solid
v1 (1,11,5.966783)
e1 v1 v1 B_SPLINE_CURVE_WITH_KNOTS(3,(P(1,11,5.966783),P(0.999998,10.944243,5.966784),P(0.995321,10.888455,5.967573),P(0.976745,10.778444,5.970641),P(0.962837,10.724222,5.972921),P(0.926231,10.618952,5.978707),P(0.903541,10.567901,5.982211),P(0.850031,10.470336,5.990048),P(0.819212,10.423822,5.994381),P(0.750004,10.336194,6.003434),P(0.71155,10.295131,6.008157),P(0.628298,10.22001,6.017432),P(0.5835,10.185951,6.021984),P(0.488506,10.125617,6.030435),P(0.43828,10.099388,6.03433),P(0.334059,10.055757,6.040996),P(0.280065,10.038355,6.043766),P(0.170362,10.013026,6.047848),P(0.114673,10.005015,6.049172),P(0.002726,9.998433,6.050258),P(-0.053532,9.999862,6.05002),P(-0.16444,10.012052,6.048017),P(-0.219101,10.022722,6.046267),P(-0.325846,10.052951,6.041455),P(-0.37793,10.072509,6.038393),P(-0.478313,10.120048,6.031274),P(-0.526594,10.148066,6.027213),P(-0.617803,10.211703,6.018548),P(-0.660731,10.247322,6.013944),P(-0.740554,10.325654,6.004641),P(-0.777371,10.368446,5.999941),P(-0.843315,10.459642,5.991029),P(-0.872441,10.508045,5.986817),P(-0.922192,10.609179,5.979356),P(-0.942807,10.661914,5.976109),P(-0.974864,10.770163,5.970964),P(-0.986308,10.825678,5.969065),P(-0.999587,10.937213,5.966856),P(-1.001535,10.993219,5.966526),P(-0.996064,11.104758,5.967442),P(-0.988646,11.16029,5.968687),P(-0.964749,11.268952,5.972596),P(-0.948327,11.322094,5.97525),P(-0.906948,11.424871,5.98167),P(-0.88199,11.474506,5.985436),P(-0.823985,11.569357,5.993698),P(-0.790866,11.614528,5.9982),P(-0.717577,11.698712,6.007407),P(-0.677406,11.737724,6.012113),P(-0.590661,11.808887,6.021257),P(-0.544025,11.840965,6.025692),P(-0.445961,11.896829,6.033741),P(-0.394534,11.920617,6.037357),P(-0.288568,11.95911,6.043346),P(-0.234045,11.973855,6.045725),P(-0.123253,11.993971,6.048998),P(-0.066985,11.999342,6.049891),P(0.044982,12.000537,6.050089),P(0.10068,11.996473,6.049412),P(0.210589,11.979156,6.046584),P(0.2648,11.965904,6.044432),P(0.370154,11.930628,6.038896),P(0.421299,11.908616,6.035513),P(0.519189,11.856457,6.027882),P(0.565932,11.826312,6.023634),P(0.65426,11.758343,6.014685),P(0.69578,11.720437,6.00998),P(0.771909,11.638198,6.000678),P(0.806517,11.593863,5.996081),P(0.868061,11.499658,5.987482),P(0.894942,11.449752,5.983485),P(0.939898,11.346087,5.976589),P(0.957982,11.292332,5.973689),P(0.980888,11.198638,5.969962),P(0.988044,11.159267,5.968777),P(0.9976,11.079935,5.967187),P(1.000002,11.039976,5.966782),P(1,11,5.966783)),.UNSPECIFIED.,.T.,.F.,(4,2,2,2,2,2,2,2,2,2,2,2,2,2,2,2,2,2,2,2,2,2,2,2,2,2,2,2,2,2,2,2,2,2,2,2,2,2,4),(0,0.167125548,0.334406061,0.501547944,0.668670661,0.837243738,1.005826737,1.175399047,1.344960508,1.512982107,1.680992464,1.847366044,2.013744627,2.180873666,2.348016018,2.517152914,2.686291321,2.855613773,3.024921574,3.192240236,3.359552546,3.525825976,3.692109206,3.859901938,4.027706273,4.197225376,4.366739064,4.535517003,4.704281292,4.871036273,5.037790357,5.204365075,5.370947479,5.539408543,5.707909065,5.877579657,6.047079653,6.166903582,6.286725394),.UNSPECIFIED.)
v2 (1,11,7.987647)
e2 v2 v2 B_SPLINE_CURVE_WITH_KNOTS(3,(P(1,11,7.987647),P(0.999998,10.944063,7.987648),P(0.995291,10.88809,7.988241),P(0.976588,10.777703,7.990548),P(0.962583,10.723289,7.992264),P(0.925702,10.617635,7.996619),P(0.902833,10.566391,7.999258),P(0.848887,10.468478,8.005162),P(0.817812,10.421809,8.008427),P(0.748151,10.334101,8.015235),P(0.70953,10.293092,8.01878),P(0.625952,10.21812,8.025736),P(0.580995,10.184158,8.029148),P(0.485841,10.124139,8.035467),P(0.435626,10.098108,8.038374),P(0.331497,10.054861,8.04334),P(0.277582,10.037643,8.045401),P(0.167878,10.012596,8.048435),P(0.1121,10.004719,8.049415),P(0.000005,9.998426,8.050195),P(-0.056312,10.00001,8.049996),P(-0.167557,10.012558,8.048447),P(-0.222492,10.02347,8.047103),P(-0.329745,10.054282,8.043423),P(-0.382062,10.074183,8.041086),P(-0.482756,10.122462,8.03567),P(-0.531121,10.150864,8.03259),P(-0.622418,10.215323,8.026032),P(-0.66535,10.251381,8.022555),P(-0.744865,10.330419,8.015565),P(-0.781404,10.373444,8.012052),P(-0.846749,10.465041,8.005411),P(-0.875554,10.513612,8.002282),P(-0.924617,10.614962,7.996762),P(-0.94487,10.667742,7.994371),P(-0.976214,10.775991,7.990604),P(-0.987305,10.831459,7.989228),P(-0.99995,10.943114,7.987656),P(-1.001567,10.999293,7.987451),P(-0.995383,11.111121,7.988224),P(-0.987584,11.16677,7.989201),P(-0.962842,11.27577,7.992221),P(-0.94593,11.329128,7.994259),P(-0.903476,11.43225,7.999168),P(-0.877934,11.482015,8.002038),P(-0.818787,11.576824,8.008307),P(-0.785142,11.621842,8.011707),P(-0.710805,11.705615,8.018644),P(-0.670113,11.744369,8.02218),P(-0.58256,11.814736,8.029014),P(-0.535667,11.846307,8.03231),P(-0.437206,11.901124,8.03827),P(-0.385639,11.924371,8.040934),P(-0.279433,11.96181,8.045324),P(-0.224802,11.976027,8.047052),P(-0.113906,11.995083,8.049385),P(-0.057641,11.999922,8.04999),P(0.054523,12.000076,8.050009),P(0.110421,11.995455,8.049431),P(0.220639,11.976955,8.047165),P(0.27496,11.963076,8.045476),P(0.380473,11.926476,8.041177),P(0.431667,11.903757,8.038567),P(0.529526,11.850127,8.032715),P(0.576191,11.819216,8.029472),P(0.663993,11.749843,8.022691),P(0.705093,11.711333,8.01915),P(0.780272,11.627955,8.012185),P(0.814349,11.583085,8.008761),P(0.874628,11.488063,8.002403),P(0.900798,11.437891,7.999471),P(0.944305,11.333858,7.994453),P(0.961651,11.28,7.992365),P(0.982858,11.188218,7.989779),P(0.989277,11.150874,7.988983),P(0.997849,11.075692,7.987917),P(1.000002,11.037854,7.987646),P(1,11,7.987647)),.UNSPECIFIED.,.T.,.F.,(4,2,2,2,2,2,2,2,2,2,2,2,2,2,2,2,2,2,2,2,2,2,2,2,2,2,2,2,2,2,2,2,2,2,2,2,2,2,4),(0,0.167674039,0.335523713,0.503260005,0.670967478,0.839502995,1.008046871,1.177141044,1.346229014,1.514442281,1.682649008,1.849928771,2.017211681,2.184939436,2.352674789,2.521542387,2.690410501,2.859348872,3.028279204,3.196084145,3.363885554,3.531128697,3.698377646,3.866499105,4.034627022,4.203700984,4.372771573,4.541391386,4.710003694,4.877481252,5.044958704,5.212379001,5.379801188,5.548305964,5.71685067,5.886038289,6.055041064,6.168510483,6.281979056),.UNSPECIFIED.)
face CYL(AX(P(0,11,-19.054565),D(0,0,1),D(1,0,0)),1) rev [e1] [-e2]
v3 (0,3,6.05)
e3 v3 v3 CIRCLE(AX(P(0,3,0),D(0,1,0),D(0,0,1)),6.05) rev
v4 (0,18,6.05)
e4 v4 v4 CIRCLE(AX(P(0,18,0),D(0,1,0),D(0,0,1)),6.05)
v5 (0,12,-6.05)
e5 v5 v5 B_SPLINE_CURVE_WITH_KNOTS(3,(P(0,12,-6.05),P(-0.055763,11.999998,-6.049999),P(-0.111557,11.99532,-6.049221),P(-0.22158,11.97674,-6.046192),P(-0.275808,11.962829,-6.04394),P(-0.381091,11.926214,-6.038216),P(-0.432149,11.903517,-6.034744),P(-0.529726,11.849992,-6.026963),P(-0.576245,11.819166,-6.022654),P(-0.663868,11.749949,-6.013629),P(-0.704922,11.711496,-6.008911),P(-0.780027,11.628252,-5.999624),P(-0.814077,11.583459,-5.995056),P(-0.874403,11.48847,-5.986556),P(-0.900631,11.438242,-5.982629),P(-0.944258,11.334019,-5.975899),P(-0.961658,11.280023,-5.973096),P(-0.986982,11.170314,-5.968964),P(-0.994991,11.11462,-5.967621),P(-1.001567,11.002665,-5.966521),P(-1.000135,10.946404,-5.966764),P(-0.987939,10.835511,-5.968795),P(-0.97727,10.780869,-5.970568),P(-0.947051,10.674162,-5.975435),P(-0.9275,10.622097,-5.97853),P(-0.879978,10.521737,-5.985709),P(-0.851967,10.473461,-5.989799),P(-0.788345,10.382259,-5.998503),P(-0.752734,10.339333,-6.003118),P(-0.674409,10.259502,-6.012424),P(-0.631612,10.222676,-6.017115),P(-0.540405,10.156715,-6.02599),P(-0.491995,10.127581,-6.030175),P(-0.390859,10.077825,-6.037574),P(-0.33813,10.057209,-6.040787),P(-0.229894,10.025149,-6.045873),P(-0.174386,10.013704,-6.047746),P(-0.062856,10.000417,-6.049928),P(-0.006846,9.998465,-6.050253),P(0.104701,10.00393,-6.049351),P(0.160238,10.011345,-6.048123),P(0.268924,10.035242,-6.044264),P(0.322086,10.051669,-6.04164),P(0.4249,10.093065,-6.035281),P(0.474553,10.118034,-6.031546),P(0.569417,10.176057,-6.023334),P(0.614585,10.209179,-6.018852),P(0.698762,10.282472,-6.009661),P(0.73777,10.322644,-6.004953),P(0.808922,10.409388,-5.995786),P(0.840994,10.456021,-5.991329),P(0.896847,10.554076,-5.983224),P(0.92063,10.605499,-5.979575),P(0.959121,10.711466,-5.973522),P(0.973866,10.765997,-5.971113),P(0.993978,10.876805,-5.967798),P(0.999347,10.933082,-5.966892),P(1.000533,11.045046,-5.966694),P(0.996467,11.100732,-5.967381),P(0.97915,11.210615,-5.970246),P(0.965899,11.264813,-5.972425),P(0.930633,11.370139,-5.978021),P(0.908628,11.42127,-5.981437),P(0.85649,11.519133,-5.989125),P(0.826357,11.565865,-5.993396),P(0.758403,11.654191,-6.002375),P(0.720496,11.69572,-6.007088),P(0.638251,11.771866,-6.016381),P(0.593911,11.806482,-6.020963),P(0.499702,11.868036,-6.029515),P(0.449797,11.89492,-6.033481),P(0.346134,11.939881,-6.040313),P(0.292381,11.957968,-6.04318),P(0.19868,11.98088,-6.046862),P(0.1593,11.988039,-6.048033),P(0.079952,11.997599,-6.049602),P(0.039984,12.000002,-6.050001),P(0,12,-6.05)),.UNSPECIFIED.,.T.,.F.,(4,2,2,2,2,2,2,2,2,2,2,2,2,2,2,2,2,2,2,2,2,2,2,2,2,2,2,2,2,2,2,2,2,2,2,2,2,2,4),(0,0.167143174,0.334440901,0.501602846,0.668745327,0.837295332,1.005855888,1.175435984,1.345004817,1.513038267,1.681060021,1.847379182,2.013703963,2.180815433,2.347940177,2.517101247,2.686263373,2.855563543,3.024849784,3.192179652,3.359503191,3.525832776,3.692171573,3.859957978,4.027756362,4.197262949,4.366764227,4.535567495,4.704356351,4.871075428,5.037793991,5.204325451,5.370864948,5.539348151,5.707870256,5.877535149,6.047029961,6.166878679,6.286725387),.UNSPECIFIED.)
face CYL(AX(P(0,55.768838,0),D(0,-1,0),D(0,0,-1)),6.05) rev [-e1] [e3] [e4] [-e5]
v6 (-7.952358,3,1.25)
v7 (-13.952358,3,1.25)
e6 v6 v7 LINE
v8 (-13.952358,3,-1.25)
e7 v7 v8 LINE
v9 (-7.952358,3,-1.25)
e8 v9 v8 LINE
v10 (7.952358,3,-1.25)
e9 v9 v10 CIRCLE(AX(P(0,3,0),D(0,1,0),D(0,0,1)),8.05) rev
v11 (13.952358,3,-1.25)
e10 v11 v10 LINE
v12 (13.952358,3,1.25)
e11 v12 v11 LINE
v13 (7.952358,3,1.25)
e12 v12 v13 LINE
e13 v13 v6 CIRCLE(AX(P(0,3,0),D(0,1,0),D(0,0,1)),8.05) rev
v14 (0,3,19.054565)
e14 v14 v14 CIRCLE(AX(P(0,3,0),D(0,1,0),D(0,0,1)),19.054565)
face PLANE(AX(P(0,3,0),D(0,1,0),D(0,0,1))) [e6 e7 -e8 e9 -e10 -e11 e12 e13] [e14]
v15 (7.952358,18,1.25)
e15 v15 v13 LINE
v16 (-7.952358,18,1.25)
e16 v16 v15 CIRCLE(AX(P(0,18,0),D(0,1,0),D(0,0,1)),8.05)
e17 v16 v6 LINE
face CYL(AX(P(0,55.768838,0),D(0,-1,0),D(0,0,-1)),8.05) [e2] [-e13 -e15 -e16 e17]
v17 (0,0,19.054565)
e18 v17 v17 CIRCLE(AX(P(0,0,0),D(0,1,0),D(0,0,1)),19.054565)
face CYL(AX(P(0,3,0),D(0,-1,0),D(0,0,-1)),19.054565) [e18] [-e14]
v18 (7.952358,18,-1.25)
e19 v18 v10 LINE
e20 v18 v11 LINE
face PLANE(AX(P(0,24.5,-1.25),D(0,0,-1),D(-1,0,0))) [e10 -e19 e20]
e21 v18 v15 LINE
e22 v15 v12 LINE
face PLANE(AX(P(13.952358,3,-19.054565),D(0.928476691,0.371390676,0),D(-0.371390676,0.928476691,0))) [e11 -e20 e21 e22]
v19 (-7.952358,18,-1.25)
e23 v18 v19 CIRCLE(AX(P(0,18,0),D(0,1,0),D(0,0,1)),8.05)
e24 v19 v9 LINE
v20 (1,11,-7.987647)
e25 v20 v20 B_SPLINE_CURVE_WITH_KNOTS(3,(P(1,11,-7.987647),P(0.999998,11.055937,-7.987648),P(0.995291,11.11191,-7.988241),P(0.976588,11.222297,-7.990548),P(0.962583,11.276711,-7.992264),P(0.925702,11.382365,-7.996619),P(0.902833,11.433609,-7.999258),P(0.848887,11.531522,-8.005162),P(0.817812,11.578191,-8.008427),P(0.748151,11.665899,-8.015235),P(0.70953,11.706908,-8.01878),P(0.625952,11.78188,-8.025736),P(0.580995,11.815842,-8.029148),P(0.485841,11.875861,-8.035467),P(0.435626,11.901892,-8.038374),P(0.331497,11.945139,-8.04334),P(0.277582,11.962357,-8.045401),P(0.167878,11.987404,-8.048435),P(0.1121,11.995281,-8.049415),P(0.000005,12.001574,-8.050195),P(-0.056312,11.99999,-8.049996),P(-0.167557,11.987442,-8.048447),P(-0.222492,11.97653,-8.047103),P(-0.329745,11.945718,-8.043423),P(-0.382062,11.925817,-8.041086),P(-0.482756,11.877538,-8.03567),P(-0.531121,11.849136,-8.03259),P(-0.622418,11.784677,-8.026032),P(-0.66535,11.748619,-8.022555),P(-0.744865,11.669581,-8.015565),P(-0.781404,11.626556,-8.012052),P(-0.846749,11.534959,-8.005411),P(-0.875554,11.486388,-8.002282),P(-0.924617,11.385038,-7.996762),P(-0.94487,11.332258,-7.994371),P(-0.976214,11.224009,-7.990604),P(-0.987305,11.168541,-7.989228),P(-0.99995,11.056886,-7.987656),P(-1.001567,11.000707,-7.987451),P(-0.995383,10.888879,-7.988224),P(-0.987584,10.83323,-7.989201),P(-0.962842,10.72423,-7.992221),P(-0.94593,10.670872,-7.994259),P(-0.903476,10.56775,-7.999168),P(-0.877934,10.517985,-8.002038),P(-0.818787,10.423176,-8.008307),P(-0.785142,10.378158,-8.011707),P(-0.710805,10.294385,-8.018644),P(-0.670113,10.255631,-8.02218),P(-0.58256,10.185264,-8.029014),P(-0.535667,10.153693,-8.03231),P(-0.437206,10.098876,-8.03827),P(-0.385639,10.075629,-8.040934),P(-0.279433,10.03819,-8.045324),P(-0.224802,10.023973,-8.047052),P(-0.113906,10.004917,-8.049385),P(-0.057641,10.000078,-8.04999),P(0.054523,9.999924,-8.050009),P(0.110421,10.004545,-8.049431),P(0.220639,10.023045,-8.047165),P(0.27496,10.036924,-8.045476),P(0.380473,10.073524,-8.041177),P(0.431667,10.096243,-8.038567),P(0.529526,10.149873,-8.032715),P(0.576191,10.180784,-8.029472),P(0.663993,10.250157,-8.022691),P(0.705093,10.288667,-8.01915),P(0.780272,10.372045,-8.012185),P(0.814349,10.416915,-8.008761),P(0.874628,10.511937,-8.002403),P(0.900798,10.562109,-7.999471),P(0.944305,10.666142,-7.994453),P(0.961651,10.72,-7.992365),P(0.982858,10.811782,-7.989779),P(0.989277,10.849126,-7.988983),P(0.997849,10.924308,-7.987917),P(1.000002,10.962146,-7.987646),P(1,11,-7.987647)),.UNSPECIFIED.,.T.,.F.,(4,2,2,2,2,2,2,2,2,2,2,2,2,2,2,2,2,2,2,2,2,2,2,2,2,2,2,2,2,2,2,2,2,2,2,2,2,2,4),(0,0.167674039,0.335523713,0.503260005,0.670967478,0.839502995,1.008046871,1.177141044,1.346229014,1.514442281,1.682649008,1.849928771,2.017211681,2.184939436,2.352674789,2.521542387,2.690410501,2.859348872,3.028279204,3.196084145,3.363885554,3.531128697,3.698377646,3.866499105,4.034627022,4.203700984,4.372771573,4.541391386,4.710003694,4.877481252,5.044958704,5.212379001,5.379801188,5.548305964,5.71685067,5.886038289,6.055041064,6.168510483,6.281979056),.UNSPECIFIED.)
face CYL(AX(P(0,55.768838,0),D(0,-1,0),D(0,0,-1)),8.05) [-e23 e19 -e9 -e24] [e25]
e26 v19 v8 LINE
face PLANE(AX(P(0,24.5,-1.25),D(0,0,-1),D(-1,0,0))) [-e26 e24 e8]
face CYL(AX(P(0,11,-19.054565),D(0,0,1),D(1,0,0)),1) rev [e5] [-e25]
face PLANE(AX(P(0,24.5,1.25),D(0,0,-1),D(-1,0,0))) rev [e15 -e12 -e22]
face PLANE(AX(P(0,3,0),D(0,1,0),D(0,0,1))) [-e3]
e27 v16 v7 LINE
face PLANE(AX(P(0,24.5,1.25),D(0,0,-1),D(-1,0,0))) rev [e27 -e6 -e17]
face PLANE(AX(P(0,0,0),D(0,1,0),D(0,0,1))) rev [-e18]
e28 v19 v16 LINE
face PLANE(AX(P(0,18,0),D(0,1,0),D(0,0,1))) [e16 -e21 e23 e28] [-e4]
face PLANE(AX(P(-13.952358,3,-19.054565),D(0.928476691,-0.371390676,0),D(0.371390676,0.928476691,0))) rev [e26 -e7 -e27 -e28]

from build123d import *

# Parameters (mm, degrees)
IZIM1_R                      = 19.054564863
Y_KSEKLIK_EKSTR_ZYON1_DEPTH  = 3
IZIM1_3_R                    = 8.05
IZIM1_3_R_2                  = 6.05
Y_KSEKLIK_EKSTR_ZYON2_DEPTH  = 18
Y_KSEKLIK_EKSTR_ZYON10_DEPTH = 18
KES_EKSTR_ZYON1_DEPTH        = 20.054564863
KES_EKSTR_ZYON1_DEPTH_BACK   = 20.054564863
IZIM6_R                      = 1
KES_EKSTR_ZYON2_DEPTH        = 20.054564863
KES_EKSTR_ZYON2_DEPTH_BACK   = 20.054564863


with BuildPart() as part:
    # Çizim1 → Yükseklik-Ekstrüzyon1 (new body)
    with BuildSketch(Plane(origin=(0, 0, 0), x_dir=(1, 0, 0), z_dir=(0, 1, 0))):
        Circle(IZIM1_R)
    extrude(amount=Y_KSEKLIK_EKSTR_ZYON1_DEPTH)

    # Çizim1<3> → Yükseklik-Ekstrüzyon2 (add)
    with BuildSketch(Plane(origin=(0, 0, 0), x_dir=(1, 0, 0), z_dir=(0, 1, 0))):
        Circle(IZIM1_3_R)
        Circle(IZIM1_3_R_2, mode=Mode.SUBTRACT)
    extrude(amount=Y_KSEKLIK_EKSTR_ZYON2_DEPTH)

    # Çizim1<11> → Yükseklik-Ekstrüzyon10 (add)
    with BuildSketch(Plane(origin=(0, 0, 0), x_dir=(1, 0, 0), z_dir=(0, 1, 0))):
        with BuildLine():
            ThreePointArc((-7.952358141, -1.25), (-8.05, 0), (-7.952358141, 1.25))
            Line((-7.952358141, 1.25), (-13.952358141, 1.25))
            Line((-13.952358141, 1.25), (-13.952358141, -1.25))
            Line((-13.952358141, -1.25), (-7.952358141, -1.25))
        make_face()
        with BuildLine():
            Line((13.952358141, 1.25), (7.952358141, 1.25))
            ThreePointArc((7.952358141, 1.25), (8.025552412, 0.626903887), (8.05, 0))
            ThreePointArc((8.05, 0), (8.025552412, -0.626903887), (7.952358141, -1.25))
            Line((7.952358141, -1.25), (13.952358141, -1.25))
            Line((13.952358141, -1.25), (13.952358141, 1.25))
        make_face()
    extrude(amount=Y_KSEKLIK_EKSTR_ZYON10_DEPTH)

    # Çizim5 → Kes-Ekstrüzyon1 (cut, two sides)
    with BuildSketch(Plane.XY) as kes_ekstr_zyon1_sk:
        Polygon((-13.952358141, 3), (-7.952358141, 18), (-13.952358141, 18), align=None)
        Polygon((7.952358141, 18), (13.952358141, 18), (13.952358141, 3), align=None)
    extrude(amount=KES_EKSTR_ZYON1_DEPTH, mode=Mode.SUBTRACT)
    extrude(kes_ekstr_zyon1_sk.sketch, amount=-KES_EKSTR_ZYON1_DEPTH_BACK, mode=Mode.SUBTRACT)

    # Çizim6 → Kes-Ekstrüzyon2 (cut, two sides)
    with BuildSketch(Plane.XY) as kes_ekstr_zyon2_sk:
        with Locations((0, 11)):
            Circle(IZIM6_R)
    extrude(amount=KES_EKSTR_ZYON2_DEPTH, mode=Mode.SUBTRACT)
    extrude(kes_ekstr_zyon2_sk.sketch, amount=-KES_EKSTR_ZYON2_DEPTH_BACK, mode=Mode.SUBTRACT)


solid = part.part
